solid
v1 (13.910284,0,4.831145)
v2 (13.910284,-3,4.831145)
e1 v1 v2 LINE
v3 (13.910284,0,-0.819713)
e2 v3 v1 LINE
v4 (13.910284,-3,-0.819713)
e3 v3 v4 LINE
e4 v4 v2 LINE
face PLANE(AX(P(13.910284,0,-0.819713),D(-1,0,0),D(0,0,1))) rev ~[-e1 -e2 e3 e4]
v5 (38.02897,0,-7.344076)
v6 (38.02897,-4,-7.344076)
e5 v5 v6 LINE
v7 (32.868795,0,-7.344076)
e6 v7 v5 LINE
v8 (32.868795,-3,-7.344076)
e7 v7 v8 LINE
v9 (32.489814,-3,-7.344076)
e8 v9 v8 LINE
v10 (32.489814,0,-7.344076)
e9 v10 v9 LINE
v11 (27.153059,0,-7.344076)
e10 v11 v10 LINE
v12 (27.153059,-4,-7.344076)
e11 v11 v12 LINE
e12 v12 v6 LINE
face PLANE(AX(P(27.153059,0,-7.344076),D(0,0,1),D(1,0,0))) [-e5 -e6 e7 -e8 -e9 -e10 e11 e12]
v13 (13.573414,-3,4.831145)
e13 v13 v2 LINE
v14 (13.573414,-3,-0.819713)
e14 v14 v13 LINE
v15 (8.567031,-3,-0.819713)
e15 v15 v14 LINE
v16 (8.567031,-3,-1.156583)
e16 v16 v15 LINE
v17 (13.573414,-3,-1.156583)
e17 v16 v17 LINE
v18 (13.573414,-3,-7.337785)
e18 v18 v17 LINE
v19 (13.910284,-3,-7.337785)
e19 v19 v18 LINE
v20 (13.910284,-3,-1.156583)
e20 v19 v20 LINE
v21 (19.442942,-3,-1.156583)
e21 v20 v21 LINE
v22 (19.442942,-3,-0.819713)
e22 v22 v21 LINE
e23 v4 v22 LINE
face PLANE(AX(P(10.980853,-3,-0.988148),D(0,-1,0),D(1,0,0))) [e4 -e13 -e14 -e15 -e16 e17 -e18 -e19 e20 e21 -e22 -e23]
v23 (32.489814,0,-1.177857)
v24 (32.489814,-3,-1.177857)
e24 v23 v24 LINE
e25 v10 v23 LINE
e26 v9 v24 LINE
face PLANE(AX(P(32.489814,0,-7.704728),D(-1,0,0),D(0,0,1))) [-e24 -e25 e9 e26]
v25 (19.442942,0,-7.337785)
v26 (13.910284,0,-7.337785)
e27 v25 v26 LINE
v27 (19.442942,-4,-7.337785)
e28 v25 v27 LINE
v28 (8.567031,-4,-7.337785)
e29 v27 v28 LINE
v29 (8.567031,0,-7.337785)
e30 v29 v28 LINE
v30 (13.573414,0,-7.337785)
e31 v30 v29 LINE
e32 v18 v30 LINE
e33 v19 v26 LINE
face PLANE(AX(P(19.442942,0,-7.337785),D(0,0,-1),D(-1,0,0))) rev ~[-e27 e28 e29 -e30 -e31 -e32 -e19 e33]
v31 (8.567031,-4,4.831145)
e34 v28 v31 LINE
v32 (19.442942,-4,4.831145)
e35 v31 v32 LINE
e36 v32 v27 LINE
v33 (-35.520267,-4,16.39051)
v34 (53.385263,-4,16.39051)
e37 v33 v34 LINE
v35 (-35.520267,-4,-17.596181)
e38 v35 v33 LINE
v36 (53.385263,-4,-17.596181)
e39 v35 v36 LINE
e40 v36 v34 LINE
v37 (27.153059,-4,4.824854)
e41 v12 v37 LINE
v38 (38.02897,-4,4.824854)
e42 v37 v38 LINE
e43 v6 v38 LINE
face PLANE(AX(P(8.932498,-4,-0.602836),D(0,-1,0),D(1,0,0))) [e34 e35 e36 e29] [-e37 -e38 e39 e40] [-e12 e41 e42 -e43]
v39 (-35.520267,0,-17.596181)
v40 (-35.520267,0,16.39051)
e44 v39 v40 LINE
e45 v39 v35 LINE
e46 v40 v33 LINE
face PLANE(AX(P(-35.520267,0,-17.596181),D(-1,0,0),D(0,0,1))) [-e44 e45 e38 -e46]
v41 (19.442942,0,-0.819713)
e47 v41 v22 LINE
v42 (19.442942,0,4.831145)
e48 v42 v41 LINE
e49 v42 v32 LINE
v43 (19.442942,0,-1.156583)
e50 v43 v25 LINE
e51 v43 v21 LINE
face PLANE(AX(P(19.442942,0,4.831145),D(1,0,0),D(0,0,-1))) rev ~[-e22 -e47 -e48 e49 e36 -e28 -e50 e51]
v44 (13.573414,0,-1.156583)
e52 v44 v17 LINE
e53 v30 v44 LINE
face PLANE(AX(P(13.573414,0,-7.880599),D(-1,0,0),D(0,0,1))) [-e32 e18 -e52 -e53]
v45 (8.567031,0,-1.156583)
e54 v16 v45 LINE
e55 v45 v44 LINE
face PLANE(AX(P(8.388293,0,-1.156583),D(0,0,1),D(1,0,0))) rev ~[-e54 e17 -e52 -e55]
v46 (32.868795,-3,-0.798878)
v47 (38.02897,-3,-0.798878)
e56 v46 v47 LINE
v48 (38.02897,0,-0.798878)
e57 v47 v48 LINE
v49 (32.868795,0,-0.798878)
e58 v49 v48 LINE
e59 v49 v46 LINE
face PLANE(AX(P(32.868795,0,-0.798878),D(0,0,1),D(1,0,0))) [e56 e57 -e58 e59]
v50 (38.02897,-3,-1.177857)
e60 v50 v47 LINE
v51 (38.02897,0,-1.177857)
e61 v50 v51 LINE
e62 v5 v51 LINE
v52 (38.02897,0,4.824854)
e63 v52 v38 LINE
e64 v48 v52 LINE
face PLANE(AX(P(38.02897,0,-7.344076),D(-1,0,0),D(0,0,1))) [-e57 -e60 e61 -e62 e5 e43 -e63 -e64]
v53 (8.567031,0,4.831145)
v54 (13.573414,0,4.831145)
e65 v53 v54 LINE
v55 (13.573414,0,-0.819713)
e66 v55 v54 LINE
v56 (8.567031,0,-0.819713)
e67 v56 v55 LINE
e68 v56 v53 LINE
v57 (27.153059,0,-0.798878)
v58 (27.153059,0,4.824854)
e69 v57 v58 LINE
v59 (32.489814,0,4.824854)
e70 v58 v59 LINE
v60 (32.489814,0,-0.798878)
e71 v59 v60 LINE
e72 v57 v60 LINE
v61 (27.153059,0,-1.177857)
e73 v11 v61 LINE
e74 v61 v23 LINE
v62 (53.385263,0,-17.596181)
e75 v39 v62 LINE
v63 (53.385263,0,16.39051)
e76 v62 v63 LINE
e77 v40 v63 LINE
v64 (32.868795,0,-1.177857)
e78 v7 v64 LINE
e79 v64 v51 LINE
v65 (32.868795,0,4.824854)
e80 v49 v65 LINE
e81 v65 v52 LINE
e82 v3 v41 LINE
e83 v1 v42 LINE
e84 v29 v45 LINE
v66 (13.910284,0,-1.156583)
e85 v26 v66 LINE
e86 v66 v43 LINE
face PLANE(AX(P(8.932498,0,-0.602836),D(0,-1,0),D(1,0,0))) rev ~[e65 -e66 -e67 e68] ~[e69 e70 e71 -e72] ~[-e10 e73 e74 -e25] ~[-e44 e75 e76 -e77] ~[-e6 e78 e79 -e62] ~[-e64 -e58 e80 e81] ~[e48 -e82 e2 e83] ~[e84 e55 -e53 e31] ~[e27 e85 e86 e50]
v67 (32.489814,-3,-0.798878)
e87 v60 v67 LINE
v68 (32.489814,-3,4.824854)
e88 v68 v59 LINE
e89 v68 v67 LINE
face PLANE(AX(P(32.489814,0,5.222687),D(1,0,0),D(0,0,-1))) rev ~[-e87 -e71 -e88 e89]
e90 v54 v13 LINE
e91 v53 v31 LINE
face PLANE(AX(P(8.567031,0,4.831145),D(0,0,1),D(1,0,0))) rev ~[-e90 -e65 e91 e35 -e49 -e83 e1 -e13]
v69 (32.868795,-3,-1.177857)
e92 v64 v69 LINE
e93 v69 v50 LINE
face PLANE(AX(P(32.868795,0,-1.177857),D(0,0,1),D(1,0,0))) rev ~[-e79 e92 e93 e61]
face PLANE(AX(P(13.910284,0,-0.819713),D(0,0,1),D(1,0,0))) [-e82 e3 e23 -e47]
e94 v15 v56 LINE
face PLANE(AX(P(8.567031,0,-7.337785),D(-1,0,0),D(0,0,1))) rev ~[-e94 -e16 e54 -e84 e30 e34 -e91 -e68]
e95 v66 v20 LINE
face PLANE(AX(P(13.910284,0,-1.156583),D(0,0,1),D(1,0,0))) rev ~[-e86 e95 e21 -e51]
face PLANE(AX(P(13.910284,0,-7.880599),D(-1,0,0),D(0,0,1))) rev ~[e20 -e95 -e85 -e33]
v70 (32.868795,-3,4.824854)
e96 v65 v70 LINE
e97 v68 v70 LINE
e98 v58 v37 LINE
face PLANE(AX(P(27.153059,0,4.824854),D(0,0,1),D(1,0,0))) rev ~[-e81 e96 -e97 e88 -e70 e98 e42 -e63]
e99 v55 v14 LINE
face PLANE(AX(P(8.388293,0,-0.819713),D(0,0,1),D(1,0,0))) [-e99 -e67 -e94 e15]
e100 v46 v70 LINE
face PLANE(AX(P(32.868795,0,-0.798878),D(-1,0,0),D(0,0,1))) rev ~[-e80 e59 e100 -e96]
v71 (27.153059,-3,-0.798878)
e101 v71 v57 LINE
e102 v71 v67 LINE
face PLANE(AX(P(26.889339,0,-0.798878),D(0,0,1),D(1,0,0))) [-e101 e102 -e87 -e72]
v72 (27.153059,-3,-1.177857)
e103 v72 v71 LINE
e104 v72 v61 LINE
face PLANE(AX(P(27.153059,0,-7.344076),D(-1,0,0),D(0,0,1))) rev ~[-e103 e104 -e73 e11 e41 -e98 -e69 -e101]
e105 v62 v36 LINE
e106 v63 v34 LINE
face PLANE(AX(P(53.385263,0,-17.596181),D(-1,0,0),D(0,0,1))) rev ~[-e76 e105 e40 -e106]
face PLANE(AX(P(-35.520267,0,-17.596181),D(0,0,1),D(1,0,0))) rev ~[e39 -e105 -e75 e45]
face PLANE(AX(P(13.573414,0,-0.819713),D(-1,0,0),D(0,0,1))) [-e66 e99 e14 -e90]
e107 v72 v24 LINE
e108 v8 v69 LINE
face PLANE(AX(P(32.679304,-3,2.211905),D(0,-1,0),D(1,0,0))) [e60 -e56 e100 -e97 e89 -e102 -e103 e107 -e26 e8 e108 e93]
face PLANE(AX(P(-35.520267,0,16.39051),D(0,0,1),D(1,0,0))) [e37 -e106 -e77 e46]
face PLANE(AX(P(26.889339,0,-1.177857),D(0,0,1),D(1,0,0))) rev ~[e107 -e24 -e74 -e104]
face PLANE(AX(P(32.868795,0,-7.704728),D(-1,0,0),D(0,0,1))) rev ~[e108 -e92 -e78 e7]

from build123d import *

# Parameters (mm, degrees)
F0_W     = 88.90553
F0_H     = 33.9866913855
F0_W_2   = 10.8759109862
F0_H_2   = 12.1689303778
F1_DEPTH = 4
F2_W     = 5.185120739
F2_H     = 0.3368707257
F2_W_2   = 0.3368705511
F2_H_2   = 5.8244192624
F2_W_3   = 5.7631786913
F2_H_3   = 6.7240155768
F2_W_4   = 0.3789812326
F2_H_4   = 6.0215640697
F2_H_5   = 0.3789797775
F2_W_5   = 5.6004747748
F2_W_6   = 5.3478218615
F2_H_6   = 6.5268705366
F3_DEPTH = 3


with BuildPart() as f1:
    # F0 (on Front) → F1 (new body)
    with BuildSketch(Plane.XZ):
        with Locations((8.9324982585, -0.6028357893)):
            Rectangle(F0_W, F0_H)
        Polygon((13.3592998609, -7.3377853259), (8.5670314729, -7.3377853259), (8.5670314729, 4.8311450519), (13.3592998609, 4.8311450519), (13.6629249901, 4.8311450519), (19.4429424591, 4.8311450519), (19.4429424591, -7.3377853259), (13.6629249901, -7.3377853259), align=None, mode=Mode.SUBTRACT)
        with Locations((32.5910145184, -1.2596107554)):
            Rectangle(F0_W_2, F0_H_2, mode=Mode.SUBTRACT)
    extrude(amount=F1_DEPTH)

    # F2 (on Front) → F3 (join)
    with BuildSketch(Plane.XZ):
        with Locations((10.9808533452, -0.9881480655)):
            Rectangle(F2_W, F2_H)
        with Locations((13.7418489903, 2.0924969285)):
            Rectangle(F2_W_2, F2_H_2)
        with Locations((13.7418489903, -0.9881480655)):
            Rectangle(F2_W_2, F2_H)
        with Locations((16.7918736115, -0.9881480655)):
            Rectangle(F2_W_3, F2_H)
        with Locations((13.7418489903, -4.5185912168)):
            Rectangle(F2_W_2, F2_H_3)
        with Locations((32.6793044806, 2.2119045316)):
            Rectangle(F2_W_4, F2_H_4)
        with Locations((32.6793044806, -0.988367392)):
            Rectangle(F2_W_4, F2_H_5)
        with Locations((29.6895764768, -0.988367392)):
            Rectangle(F2_W_5, F2_H_5)
        with Locations((35.5427060276, -0.988367392)):
            Rectangle(F2_W_6, F2_H_5)
        with Locations((32.6793044806, -4.441292549)):
            Rectangle(F2_W_4, F2_H_6)
    extrude(amount=F3_DEPTH)


solid = f1.part
